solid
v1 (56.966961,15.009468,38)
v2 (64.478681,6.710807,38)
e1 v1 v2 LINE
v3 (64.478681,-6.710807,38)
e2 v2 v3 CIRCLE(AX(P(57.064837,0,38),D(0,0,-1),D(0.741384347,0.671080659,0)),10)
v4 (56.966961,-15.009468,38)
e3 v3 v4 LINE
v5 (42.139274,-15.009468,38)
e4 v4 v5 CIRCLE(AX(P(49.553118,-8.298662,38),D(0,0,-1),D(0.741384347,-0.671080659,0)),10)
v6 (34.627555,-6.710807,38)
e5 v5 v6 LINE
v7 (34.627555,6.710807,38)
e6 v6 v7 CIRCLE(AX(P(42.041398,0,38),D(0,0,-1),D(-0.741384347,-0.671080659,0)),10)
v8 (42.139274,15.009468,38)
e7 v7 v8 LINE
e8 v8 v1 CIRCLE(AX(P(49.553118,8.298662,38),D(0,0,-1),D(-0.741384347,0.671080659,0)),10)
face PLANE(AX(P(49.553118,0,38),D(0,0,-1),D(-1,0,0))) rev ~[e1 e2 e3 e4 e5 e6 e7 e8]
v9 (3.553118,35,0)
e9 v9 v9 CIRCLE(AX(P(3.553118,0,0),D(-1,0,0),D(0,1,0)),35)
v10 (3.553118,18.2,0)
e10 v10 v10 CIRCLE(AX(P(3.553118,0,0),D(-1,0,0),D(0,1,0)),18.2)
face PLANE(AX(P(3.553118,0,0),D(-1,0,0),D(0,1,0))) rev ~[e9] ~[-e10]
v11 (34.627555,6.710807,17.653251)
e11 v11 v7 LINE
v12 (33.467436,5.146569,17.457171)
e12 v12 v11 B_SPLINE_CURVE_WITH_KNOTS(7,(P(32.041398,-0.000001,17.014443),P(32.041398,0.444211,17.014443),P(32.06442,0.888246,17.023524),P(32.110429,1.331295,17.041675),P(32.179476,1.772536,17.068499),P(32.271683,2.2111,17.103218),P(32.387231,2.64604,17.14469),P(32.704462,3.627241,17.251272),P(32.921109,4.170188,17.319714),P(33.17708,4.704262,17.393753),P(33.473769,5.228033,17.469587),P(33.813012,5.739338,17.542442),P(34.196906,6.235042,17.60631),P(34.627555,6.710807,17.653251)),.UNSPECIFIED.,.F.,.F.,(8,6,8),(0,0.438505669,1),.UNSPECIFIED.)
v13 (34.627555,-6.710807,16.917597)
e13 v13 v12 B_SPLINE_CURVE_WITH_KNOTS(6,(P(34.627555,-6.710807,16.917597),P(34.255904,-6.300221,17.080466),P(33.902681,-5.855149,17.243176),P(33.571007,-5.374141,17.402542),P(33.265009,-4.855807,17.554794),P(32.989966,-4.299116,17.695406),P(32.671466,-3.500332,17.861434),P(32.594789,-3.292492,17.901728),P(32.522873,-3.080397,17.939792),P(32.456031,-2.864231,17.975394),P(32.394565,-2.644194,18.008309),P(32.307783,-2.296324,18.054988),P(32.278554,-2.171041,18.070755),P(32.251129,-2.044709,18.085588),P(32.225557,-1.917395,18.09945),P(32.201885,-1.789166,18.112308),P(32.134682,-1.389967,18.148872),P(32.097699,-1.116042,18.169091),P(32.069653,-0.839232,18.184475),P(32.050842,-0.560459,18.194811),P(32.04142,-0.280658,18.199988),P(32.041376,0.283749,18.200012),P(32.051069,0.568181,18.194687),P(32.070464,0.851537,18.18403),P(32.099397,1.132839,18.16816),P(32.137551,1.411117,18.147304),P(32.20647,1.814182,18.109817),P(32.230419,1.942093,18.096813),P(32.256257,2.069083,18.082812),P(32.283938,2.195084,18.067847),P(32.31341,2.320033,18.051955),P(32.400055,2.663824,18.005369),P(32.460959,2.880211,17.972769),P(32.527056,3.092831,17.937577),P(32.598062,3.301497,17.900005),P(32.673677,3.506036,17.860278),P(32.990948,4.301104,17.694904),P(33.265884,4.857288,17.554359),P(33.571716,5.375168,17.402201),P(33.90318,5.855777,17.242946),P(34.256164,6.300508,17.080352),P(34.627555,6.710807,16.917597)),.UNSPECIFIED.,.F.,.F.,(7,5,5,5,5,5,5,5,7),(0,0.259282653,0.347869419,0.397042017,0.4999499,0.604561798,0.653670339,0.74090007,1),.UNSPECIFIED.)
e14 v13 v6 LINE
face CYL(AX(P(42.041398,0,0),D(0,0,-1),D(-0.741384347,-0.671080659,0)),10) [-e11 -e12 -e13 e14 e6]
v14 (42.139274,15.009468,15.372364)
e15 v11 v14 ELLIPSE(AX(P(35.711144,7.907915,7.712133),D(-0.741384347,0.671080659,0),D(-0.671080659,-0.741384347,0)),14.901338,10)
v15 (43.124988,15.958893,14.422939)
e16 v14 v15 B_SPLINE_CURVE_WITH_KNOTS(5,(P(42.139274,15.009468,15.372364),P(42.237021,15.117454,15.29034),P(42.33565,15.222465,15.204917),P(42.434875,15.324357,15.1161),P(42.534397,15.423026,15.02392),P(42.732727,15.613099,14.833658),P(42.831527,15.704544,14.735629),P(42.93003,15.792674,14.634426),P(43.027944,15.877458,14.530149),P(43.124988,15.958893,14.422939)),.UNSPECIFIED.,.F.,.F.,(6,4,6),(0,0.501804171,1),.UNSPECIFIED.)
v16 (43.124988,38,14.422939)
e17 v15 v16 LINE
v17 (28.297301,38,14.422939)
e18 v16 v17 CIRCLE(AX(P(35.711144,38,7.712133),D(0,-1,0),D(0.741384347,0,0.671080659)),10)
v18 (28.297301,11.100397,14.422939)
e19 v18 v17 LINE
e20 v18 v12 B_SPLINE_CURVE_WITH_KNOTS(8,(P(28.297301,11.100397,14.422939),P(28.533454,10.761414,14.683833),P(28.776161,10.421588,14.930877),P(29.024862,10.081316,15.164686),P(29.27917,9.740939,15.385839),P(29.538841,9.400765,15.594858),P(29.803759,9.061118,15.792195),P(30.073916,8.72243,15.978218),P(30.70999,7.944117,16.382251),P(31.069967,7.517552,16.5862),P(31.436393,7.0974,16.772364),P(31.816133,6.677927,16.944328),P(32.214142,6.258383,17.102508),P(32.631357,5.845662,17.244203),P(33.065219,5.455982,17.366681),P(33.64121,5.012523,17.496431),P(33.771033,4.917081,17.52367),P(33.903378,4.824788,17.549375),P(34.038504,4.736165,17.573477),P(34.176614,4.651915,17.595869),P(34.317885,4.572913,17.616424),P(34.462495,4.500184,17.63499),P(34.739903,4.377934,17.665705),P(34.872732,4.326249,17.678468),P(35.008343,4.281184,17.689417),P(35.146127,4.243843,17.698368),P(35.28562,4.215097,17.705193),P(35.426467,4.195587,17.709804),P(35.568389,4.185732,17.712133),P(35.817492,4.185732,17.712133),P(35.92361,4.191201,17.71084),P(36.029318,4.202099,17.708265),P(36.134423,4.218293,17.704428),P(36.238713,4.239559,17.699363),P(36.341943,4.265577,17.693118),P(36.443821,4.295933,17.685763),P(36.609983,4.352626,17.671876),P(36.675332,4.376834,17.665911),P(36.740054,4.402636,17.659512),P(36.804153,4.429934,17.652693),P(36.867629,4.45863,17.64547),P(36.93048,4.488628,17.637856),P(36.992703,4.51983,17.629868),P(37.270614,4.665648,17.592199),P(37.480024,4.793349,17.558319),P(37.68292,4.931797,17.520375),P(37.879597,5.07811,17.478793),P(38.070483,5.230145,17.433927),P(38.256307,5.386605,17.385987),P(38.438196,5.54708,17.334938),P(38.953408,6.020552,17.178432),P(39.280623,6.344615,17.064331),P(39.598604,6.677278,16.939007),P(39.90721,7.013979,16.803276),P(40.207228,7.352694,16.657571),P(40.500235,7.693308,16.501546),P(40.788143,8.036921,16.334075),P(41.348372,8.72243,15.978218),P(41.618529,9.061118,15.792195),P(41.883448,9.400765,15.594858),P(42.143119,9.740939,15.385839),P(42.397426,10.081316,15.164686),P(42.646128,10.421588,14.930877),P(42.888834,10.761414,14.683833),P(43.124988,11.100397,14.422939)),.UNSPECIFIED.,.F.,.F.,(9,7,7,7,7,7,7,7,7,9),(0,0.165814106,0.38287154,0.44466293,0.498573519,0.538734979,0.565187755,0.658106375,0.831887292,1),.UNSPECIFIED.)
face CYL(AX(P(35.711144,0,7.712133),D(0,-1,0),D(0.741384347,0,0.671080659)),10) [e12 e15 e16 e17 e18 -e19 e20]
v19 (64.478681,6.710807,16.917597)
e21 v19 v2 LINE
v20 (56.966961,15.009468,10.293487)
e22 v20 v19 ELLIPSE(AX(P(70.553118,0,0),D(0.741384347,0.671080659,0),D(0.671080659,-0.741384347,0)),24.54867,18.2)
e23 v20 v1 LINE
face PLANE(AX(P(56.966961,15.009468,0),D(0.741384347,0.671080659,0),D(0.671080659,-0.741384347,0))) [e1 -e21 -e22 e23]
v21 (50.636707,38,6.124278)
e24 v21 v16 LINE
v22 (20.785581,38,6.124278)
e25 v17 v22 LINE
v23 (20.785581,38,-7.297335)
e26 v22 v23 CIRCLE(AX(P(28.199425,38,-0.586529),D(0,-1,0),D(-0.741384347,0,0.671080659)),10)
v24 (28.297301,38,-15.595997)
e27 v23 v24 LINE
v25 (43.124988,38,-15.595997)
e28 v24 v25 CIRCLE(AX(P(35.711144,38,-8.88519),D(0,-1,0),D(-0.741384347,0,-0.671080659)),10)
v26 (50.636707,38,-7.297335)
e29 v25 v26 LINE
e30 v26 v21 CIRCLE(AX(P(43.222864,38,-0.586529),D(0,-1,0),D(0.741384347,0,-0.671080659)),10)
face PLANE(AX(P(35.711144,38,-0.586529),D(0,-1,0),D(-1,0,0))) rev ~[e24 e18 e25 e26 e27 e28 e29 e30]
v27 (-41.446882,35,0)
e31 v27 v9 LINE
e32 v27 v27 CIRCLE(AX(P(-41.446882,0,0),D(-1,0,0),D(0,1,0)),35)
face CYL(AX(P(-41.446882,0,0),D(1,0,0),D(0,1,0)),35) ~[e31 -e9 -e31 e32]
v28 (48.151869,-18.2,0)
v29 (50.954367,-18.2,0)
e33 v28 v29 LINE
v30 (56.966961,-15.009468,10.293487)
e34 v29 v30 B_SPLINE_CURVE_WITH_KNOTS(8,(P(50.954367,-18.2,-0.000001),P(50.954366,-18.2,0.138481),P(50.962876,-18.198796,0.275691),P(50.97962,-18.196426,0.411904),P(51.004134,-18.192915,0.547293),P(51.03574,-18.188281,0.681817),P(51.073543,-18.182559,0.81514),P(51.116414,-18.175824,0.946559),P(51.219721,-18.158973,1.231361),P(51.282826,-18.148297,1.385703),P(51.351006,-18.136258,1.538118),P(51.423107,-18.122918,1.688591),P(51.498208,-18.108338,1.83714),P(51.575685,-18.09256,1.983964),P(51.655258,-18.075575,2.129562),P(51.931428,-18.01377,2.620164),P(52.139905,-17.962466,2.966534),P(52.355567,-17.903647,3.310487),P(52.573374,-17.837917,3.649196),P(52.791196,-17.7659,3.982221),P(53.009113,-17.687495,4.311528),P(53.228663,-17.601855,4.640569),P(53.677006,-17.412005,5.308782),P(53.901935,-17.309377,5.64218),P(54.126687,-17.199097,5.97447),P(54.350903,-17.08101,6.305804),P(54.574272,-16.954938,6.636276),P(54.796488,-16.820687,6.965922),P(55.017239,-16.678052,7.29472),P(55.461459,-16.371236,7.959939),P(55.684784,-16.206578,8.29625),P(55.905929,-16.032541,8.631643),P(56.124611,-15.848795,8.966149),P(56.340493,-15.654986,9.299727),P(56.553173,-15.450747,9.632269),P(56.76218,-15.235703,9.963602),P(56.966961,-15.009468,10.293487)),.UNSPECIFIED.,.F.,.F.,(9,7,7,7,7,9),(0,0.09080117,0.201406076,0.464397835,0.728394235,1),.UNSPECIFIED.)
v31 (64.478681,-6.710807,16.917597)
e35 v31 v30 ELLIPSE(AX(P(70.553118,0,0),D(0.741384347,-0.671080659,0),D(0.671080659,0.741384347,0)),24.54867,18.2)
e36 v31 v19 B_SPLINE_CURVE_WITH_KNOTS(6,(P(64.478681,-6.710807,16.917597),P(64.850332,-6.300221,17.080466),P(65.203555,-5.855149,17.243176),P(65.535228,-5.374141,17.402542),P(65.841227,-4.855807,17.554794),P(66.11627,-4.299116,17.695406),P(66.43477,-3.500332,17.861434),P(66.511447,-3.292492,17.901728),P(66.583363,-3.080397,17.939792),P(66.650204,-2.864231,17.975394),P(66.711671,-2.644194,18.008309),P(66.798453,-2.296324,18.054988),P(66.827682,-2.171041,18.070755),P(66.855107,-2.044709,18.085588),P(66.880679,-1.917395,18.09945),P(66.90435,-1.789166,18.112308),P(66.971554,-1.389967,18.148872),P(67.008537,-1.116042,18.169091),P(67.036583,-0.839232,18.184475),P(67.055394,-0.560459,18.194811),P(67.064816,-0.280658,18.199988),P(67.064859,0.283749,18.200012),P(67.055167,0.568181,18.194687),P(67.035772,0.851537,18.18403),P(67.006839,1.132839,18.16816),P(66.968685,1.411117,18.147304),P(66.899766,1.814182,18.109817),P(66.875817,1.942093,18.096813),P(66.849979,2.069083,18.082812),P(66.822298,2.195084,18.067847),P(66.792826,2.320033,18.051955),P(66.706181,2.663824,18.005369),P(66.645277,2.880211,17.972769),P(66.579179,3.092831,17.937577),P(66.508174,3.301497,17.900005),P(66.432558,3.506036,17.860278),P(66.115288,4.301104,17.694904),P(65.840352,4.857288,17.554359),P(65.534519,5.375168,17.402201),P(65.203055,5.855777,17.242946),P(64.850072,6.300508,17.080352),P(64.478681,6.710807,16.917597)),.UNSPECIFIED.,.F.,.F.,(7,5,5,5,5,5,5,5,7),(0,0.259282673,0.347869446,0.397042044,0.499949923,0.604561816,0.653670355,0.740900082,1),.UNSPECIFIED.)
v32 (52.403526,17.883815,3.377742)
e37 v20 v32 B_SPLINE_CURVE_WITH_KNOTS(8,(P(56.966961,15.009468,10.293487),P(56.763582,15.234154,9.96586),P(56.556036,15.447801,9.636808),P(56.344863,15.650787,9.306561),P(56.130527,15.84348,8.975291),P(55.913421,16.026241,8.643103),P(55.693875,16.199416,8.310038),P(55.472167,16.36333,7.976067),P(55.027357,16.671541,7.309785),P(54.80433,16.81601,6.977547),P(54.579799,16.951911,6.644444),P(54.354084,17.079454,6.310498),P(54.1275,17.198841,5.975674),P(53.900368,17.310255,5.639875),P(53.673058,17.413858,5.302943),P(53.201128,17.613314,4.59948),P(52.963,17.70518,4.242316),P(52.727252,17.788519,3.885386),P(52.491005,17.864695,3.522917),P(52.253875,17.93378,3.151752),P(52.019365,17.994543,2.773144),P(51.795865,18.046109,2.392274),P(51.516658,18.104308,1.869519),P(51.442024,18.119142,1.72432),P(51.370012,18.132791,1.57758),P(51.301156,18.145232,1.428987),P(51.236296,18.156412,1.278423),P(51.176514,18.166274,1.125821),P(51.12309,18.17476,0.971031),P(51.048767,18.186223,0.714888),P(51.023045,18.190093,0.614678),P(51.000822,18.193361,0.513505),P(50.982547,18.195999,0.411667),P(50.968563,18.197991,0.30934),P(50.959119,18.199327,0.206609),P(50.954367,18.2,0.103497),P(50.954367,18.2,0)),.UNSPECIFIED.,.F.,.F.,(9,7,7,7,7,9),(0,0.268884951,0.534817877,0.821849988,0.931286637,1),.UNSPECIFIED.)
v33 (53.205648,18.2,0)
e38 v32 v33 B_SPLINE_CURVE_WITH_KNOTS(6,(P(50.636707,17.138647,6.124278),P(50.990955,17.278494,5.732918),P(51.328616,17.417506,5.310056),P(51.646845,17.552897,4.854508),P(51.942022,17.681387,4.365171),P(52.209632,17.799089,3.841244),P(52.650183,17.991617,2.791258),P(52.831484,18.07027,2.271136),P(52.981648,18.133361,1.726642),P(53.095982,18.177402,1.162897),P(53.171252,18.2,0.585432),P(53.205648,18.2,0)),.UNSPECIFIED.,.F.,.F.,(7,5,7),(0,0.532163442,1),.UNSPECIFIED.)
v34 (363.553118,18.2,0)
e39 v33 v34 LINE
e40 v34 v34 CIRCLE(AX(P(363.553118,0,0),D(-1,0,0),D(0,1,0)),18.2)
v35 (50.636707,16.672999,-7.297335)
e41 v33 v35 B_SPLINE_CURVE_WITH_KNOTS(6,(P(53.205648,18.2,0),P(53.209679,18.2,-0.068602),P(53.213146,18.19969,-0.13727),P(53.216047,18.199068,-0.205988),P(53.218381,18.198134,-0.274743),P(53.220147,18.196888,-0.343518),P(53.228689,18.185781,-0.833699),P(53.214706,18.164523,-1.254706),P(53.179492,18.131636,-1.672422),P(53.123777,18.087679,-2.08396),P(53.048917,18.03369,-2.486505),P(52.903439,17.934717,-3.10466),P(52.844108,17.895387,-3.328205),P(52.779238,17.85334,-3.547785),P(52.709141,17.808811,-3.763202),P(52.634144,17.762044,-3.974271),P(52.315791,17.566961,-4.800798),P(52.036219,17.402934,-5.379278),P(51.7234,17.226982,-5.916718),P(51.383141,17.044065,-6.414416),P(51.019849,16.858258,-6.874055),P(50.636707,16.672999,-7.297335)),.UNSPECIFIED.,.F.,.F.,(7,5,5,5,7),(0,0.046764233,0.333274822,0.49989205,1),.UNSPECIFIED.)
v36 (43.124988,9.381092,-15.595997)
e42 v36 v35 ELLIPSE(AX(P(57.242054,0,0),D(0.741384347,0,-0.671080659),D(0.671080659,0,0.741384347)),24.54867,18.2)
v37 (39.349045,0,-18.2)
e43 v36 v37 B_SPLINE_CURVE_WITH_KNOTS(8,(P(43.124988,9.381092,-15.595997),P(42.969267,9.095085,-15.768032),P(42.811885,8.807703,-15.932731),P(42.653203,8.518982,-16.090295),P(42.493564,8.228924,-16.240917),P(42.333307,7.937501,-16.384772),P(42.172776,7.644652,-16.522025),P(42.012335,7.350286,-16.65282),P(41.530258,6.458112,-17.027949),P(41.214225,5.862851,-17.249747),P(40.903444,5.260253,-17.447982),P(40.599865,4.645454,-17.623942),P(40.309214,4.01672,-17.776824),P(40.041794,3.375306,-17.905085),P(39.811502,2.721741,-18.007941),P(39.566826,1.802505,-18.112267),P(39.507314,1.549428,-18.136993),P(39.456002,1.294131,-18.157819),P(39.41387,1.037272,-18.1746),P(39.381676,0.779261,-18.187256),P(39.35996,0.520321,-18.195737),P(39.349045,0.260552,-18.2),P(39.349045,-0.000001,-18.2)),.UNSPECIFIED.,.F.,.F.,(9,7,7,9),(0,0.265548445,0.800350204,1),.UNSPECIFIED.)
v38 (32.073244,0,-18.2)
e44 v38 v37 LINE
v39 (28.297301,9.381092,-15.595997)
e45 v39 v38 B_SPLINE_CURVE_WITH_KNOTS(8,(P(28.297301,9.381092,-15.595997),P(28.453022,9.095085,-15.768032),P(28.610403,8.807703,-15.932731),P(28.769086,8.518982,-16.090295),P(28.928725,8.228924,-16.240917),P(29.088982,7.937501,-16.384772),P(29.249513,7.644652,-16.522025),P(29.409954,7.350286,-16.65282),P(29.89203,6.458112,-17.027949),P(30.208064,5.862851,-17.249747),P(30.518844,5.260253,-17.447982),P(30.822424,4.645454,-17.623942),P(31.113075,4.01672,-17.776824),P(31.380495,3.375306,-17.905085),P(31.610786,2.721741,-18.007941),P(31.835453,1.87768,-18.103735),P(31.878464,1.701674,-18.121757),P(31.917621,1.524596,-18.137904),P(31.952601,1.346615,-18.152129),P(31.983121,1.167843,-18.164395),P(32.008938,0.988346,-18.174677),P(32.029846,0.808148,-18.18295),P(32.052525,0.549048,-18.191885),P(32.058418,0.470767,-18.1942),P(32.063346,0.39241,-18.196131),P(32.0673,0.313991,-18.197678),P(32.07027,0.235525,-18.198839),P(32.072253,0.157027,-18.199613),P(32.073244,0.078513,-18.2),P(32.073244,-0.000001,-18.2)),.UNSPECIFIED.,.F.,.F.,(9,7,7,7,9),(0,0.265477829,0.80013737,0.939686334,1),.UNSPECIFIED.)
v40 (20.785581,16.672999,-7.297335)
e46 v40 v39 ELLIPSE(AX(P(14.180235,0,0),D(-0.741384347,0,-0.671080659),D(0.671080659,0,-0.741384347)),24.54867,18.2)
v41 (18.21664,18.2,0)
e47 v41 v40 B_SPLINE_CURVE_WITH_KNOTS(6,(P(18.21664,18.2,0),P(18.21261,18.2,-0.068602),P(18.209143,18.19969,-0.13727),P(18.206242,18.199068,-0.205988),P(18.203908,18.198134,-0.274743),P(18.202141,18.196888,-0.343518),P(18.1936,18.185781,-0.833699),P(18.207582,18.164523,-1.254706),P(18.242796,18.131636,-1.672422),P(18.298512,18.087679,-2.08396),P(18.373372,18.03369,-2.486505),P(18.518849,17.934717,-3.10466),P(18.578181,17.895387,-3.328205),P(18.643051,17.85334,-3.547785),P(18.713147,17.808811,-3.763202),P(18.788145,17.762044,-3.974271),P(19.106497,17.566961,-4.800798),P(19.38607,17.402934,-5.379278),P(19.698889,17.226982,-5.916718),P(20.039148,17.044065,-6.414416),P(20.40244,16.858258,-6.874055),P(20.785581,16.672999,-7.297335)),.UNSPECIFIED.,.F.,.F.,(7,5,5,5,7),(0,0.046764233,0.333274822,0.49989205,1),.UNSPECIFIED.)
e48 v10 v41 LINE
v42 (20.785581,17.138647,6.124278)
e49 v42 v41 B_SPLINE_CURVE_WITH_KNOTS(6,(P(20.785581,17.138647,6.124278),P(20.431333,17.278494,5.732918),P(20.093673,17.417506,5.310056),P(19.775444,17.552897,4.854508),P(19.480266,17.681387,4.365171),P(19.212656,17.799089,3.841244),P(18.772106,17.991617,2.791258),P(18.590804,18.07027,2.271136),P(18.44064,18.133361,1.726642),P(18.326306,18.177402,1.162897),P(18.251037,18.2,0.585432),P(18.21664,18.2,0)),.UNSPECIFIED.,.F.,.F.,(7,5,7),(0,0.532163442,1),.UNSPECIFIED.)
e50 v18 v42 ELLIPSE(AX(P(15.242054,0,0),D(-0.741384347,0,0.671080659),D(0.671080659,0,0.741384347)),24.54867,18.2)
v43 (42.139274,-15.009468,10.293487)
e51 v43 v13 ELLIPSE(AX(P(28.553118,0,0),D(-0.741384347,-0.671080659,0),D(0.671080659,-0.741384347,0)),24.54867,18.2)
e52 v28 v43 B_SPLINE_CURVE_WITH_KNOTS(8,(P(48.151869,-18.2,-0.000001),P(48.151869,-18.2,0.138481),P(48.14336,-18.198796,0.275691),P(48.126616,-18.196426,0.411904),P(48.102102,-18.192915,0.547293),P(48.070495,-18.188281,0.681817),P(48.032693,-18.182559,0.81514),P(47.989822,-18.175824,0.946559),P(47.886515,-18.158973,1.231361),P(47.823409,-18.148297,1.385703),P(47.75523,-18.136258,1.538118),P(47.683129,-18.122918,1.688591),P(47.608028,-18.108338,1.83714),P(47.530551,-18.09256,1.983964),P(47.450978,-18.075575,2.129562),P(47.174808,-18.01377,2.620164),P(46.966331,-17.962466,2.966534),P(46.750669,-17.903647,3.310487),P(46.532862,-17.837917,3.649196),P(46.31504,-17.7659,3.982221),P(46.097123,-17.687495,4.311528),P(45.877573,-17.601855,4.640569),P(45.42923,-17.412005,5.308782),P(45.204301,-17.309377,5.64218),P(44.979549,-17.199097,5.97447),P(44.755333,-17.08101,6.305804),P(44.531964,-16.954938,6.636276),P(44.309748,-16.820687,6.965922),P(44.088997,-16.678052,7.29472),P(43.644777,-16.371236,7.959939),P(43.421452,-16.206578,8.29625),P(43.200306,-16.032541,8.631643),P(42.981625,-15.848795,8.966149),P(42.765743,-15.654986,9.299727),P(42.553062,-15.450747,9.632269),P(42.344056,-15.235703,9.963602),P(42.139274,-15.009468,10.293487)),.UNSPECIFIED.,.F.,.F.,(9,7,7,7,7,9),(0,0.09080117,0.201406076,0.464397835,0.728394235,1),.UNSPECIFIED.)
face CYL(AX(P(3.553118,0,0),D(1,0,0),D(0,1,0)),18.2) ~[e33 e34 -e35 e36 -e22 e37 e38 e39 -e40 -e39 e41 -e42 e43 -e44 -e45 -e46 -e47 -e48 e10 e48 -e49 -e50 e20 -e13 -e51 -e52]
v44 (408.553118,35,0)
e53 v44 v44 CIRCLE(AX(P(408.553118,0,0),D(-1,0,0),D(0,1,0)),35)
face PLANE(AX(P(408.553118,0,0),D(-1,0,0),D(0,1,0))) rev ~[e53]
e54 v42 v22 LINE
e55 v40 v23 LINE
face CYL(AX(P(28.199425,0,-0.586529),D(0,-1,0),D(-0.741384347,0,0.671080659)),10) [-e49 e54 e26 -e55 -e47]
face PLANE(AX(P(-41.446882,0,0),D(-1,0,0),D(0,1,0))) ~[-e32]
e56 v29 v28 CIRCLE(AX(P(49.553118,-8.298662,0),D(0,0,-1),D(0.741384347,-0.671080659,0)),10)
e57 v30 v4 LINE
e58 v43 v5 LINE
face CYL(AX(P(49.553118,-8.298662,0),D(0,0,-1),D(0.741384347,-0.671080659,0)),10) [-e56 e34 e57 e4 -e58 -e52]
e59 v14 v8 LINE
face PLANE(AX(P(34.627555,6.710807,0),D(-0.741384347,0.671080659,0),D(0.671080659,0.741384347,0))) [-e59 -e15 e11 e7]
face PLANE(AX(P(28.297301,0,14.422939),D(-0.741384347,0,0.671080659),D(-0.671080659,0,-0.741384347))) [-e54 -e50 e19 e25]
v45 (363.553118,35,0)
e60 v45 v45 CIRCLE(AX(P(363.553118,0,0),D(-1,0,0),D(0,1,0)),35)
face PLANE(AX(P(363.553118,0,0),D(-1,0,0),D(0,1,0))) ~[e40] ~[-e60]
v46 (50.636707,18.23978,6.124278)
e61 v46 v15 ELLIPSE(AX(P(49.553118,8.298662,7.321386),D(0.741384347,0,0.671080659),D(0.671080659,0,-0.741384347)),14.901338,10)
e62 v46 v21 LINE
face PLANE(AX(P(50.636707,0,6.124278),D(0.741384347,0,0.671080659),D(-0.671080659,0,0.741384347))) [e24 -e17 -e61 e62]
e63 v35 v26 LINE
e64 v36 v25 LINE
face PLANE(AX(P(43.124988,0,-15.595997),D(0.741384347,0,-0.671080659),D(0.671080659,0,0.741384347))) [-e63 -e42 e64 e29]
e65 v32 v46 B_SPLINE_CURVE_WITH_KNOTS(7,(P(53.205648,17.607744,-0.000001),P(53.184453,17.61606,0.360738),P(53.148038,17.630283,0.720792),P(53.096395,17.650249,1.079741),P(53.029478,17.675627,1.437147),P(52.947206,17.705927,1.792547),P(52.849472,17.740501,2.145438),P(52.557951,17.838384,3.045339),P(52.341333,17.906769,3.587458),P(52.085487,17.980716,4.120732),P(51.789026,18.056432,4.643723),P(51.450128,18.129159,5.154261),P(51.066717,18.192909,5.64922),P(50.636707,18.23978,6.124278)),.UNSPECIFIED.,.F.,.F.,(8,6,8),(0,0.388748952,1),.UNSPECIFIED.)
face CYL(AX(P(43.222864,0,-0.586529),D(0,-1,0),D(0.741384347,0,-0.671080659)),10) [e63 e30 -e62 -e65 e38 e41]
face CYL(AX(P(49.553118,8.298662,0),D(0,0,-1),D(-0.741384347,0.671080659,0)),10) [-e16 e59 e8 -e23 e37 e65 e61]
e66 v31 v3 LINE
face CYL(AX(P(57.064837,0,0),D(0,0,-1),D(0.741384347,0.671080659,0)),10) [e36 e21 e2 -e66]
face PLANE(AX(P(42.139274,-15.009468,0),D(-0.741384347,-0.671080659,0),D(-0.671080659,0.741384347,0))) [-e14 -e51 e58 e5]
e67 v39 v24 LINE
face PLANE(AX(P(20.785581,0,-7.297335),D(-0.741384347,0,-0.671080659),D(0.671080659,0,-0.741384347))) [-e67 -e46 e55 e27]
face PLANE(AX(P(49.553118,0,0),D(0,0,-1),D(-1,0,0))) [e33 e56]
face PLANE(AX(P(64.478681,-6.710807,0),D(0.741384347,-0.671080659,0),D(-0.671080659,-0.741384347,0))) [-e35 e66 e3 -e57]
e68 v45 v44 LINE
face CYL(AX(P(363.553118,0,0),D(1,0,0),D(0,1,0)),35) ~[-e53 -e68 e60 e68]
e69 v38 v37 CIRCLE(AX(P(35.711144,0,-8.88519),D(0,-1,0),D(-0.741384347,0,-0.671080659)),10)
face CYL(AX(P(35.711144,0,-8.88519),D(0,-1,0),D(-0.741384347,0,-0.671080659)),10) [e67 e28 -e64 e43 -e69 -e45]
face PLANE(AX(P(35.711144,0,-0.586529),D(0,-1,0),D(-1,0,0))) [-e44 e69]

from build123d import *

# Parameters (mm, degrees)
BOSS_EXTRUDE1_DEPTH = 38
BOSS_EXTRUDE2_DEPTH = 38


with BuildPart() as part:
    # Sketch1 → Revolve1 (revolve)
    with BuildSketch(Plane.XY):
        Polygon((-41.446882046, 0), (-41.446882046, 35), (3.553117954, 35), (3.553117954, 18.2), (363.553117954, 18.2), (363.553117954, 35), (408.553117954, 35), (408.553117954, 0), align=None)
    revolve(axis=Axis((408.553117954, 0, 0), (-1, 0, 0)))

    # Sketch2 → Boss-Extrude1 (add)
    with BuildSketch(Plane.XY):
        with BuildLine():
            Line((34.62755495, 6.710806587), (42.139274487, 15.00946817))
            ThreePointArc((42.139274487, 15.00946817), (49.553117954, 18.298661583), (56.966961421, 15.00946817))
            Line((56.966961421, 15.00946817), (64.478680957, 6.710806587))
            ThreePointArc((64.478680957, 6.710806587), (67.06483749, 0), (64.478680957, -6.710806587))
            Line((64.478680957, -6.710806587), (56.966961421, -15.00946817))
            ThreePointArc((56.966961421, -15.00946817), (49.553117954, -18.298661583), (42.139274487, -15.00946817))
            Line((42.139274487, -15.00946817), (34.62755495, -6.710806587))
            ThreePointArc((34.62755495, -6.710806587), (32.041398417, 0), (34.62755495, 6.710806587))
        make_face()
    extrude(amount=BOSS_EXTRUDE1_DEPTH)

    # Sketch4 → Boss-Extrude2 (add)
    with BuildSketch(Plane(origin=(0, 0, 0), x_dir=(1, 0, 0), z_dir=(0, 1, 0))):
        with BuildLine():
            Line((20.785581303, 7.29733528), (28.297300839, 15.595996863))
            ThreePointArc((28.297300839, 15.595996863), (35.711144306, 18.885190277), (43.124987774, 15.595996863))
            Line((43.124987774, 15.595996863), (50.63670731, 7.29733528))
            ThreePointArc((50.63670731, 7.29733528), (53.222863843, 0.586528694), (50.63670731, -6.124277893))
            Line((50.63670731, -6.124277893), (43.124987774, -14.422939476))
            ThreePointArc((43.124987774, -14.422939476), (35.711144306, -17.712132889), (28.297300839, -14.422939476))
            Line((28.297300839, -14.422939476), (20.785581303, -6.124277893))
            ThreePointArc((20.785581303, -6.124277893), (18.19942477, 0.586528694), (20.785581303, 7.29733528))
        make_face()
    extrude(amount=BOSS_EXTRUDE2_DEPTH)


solid = part.part
